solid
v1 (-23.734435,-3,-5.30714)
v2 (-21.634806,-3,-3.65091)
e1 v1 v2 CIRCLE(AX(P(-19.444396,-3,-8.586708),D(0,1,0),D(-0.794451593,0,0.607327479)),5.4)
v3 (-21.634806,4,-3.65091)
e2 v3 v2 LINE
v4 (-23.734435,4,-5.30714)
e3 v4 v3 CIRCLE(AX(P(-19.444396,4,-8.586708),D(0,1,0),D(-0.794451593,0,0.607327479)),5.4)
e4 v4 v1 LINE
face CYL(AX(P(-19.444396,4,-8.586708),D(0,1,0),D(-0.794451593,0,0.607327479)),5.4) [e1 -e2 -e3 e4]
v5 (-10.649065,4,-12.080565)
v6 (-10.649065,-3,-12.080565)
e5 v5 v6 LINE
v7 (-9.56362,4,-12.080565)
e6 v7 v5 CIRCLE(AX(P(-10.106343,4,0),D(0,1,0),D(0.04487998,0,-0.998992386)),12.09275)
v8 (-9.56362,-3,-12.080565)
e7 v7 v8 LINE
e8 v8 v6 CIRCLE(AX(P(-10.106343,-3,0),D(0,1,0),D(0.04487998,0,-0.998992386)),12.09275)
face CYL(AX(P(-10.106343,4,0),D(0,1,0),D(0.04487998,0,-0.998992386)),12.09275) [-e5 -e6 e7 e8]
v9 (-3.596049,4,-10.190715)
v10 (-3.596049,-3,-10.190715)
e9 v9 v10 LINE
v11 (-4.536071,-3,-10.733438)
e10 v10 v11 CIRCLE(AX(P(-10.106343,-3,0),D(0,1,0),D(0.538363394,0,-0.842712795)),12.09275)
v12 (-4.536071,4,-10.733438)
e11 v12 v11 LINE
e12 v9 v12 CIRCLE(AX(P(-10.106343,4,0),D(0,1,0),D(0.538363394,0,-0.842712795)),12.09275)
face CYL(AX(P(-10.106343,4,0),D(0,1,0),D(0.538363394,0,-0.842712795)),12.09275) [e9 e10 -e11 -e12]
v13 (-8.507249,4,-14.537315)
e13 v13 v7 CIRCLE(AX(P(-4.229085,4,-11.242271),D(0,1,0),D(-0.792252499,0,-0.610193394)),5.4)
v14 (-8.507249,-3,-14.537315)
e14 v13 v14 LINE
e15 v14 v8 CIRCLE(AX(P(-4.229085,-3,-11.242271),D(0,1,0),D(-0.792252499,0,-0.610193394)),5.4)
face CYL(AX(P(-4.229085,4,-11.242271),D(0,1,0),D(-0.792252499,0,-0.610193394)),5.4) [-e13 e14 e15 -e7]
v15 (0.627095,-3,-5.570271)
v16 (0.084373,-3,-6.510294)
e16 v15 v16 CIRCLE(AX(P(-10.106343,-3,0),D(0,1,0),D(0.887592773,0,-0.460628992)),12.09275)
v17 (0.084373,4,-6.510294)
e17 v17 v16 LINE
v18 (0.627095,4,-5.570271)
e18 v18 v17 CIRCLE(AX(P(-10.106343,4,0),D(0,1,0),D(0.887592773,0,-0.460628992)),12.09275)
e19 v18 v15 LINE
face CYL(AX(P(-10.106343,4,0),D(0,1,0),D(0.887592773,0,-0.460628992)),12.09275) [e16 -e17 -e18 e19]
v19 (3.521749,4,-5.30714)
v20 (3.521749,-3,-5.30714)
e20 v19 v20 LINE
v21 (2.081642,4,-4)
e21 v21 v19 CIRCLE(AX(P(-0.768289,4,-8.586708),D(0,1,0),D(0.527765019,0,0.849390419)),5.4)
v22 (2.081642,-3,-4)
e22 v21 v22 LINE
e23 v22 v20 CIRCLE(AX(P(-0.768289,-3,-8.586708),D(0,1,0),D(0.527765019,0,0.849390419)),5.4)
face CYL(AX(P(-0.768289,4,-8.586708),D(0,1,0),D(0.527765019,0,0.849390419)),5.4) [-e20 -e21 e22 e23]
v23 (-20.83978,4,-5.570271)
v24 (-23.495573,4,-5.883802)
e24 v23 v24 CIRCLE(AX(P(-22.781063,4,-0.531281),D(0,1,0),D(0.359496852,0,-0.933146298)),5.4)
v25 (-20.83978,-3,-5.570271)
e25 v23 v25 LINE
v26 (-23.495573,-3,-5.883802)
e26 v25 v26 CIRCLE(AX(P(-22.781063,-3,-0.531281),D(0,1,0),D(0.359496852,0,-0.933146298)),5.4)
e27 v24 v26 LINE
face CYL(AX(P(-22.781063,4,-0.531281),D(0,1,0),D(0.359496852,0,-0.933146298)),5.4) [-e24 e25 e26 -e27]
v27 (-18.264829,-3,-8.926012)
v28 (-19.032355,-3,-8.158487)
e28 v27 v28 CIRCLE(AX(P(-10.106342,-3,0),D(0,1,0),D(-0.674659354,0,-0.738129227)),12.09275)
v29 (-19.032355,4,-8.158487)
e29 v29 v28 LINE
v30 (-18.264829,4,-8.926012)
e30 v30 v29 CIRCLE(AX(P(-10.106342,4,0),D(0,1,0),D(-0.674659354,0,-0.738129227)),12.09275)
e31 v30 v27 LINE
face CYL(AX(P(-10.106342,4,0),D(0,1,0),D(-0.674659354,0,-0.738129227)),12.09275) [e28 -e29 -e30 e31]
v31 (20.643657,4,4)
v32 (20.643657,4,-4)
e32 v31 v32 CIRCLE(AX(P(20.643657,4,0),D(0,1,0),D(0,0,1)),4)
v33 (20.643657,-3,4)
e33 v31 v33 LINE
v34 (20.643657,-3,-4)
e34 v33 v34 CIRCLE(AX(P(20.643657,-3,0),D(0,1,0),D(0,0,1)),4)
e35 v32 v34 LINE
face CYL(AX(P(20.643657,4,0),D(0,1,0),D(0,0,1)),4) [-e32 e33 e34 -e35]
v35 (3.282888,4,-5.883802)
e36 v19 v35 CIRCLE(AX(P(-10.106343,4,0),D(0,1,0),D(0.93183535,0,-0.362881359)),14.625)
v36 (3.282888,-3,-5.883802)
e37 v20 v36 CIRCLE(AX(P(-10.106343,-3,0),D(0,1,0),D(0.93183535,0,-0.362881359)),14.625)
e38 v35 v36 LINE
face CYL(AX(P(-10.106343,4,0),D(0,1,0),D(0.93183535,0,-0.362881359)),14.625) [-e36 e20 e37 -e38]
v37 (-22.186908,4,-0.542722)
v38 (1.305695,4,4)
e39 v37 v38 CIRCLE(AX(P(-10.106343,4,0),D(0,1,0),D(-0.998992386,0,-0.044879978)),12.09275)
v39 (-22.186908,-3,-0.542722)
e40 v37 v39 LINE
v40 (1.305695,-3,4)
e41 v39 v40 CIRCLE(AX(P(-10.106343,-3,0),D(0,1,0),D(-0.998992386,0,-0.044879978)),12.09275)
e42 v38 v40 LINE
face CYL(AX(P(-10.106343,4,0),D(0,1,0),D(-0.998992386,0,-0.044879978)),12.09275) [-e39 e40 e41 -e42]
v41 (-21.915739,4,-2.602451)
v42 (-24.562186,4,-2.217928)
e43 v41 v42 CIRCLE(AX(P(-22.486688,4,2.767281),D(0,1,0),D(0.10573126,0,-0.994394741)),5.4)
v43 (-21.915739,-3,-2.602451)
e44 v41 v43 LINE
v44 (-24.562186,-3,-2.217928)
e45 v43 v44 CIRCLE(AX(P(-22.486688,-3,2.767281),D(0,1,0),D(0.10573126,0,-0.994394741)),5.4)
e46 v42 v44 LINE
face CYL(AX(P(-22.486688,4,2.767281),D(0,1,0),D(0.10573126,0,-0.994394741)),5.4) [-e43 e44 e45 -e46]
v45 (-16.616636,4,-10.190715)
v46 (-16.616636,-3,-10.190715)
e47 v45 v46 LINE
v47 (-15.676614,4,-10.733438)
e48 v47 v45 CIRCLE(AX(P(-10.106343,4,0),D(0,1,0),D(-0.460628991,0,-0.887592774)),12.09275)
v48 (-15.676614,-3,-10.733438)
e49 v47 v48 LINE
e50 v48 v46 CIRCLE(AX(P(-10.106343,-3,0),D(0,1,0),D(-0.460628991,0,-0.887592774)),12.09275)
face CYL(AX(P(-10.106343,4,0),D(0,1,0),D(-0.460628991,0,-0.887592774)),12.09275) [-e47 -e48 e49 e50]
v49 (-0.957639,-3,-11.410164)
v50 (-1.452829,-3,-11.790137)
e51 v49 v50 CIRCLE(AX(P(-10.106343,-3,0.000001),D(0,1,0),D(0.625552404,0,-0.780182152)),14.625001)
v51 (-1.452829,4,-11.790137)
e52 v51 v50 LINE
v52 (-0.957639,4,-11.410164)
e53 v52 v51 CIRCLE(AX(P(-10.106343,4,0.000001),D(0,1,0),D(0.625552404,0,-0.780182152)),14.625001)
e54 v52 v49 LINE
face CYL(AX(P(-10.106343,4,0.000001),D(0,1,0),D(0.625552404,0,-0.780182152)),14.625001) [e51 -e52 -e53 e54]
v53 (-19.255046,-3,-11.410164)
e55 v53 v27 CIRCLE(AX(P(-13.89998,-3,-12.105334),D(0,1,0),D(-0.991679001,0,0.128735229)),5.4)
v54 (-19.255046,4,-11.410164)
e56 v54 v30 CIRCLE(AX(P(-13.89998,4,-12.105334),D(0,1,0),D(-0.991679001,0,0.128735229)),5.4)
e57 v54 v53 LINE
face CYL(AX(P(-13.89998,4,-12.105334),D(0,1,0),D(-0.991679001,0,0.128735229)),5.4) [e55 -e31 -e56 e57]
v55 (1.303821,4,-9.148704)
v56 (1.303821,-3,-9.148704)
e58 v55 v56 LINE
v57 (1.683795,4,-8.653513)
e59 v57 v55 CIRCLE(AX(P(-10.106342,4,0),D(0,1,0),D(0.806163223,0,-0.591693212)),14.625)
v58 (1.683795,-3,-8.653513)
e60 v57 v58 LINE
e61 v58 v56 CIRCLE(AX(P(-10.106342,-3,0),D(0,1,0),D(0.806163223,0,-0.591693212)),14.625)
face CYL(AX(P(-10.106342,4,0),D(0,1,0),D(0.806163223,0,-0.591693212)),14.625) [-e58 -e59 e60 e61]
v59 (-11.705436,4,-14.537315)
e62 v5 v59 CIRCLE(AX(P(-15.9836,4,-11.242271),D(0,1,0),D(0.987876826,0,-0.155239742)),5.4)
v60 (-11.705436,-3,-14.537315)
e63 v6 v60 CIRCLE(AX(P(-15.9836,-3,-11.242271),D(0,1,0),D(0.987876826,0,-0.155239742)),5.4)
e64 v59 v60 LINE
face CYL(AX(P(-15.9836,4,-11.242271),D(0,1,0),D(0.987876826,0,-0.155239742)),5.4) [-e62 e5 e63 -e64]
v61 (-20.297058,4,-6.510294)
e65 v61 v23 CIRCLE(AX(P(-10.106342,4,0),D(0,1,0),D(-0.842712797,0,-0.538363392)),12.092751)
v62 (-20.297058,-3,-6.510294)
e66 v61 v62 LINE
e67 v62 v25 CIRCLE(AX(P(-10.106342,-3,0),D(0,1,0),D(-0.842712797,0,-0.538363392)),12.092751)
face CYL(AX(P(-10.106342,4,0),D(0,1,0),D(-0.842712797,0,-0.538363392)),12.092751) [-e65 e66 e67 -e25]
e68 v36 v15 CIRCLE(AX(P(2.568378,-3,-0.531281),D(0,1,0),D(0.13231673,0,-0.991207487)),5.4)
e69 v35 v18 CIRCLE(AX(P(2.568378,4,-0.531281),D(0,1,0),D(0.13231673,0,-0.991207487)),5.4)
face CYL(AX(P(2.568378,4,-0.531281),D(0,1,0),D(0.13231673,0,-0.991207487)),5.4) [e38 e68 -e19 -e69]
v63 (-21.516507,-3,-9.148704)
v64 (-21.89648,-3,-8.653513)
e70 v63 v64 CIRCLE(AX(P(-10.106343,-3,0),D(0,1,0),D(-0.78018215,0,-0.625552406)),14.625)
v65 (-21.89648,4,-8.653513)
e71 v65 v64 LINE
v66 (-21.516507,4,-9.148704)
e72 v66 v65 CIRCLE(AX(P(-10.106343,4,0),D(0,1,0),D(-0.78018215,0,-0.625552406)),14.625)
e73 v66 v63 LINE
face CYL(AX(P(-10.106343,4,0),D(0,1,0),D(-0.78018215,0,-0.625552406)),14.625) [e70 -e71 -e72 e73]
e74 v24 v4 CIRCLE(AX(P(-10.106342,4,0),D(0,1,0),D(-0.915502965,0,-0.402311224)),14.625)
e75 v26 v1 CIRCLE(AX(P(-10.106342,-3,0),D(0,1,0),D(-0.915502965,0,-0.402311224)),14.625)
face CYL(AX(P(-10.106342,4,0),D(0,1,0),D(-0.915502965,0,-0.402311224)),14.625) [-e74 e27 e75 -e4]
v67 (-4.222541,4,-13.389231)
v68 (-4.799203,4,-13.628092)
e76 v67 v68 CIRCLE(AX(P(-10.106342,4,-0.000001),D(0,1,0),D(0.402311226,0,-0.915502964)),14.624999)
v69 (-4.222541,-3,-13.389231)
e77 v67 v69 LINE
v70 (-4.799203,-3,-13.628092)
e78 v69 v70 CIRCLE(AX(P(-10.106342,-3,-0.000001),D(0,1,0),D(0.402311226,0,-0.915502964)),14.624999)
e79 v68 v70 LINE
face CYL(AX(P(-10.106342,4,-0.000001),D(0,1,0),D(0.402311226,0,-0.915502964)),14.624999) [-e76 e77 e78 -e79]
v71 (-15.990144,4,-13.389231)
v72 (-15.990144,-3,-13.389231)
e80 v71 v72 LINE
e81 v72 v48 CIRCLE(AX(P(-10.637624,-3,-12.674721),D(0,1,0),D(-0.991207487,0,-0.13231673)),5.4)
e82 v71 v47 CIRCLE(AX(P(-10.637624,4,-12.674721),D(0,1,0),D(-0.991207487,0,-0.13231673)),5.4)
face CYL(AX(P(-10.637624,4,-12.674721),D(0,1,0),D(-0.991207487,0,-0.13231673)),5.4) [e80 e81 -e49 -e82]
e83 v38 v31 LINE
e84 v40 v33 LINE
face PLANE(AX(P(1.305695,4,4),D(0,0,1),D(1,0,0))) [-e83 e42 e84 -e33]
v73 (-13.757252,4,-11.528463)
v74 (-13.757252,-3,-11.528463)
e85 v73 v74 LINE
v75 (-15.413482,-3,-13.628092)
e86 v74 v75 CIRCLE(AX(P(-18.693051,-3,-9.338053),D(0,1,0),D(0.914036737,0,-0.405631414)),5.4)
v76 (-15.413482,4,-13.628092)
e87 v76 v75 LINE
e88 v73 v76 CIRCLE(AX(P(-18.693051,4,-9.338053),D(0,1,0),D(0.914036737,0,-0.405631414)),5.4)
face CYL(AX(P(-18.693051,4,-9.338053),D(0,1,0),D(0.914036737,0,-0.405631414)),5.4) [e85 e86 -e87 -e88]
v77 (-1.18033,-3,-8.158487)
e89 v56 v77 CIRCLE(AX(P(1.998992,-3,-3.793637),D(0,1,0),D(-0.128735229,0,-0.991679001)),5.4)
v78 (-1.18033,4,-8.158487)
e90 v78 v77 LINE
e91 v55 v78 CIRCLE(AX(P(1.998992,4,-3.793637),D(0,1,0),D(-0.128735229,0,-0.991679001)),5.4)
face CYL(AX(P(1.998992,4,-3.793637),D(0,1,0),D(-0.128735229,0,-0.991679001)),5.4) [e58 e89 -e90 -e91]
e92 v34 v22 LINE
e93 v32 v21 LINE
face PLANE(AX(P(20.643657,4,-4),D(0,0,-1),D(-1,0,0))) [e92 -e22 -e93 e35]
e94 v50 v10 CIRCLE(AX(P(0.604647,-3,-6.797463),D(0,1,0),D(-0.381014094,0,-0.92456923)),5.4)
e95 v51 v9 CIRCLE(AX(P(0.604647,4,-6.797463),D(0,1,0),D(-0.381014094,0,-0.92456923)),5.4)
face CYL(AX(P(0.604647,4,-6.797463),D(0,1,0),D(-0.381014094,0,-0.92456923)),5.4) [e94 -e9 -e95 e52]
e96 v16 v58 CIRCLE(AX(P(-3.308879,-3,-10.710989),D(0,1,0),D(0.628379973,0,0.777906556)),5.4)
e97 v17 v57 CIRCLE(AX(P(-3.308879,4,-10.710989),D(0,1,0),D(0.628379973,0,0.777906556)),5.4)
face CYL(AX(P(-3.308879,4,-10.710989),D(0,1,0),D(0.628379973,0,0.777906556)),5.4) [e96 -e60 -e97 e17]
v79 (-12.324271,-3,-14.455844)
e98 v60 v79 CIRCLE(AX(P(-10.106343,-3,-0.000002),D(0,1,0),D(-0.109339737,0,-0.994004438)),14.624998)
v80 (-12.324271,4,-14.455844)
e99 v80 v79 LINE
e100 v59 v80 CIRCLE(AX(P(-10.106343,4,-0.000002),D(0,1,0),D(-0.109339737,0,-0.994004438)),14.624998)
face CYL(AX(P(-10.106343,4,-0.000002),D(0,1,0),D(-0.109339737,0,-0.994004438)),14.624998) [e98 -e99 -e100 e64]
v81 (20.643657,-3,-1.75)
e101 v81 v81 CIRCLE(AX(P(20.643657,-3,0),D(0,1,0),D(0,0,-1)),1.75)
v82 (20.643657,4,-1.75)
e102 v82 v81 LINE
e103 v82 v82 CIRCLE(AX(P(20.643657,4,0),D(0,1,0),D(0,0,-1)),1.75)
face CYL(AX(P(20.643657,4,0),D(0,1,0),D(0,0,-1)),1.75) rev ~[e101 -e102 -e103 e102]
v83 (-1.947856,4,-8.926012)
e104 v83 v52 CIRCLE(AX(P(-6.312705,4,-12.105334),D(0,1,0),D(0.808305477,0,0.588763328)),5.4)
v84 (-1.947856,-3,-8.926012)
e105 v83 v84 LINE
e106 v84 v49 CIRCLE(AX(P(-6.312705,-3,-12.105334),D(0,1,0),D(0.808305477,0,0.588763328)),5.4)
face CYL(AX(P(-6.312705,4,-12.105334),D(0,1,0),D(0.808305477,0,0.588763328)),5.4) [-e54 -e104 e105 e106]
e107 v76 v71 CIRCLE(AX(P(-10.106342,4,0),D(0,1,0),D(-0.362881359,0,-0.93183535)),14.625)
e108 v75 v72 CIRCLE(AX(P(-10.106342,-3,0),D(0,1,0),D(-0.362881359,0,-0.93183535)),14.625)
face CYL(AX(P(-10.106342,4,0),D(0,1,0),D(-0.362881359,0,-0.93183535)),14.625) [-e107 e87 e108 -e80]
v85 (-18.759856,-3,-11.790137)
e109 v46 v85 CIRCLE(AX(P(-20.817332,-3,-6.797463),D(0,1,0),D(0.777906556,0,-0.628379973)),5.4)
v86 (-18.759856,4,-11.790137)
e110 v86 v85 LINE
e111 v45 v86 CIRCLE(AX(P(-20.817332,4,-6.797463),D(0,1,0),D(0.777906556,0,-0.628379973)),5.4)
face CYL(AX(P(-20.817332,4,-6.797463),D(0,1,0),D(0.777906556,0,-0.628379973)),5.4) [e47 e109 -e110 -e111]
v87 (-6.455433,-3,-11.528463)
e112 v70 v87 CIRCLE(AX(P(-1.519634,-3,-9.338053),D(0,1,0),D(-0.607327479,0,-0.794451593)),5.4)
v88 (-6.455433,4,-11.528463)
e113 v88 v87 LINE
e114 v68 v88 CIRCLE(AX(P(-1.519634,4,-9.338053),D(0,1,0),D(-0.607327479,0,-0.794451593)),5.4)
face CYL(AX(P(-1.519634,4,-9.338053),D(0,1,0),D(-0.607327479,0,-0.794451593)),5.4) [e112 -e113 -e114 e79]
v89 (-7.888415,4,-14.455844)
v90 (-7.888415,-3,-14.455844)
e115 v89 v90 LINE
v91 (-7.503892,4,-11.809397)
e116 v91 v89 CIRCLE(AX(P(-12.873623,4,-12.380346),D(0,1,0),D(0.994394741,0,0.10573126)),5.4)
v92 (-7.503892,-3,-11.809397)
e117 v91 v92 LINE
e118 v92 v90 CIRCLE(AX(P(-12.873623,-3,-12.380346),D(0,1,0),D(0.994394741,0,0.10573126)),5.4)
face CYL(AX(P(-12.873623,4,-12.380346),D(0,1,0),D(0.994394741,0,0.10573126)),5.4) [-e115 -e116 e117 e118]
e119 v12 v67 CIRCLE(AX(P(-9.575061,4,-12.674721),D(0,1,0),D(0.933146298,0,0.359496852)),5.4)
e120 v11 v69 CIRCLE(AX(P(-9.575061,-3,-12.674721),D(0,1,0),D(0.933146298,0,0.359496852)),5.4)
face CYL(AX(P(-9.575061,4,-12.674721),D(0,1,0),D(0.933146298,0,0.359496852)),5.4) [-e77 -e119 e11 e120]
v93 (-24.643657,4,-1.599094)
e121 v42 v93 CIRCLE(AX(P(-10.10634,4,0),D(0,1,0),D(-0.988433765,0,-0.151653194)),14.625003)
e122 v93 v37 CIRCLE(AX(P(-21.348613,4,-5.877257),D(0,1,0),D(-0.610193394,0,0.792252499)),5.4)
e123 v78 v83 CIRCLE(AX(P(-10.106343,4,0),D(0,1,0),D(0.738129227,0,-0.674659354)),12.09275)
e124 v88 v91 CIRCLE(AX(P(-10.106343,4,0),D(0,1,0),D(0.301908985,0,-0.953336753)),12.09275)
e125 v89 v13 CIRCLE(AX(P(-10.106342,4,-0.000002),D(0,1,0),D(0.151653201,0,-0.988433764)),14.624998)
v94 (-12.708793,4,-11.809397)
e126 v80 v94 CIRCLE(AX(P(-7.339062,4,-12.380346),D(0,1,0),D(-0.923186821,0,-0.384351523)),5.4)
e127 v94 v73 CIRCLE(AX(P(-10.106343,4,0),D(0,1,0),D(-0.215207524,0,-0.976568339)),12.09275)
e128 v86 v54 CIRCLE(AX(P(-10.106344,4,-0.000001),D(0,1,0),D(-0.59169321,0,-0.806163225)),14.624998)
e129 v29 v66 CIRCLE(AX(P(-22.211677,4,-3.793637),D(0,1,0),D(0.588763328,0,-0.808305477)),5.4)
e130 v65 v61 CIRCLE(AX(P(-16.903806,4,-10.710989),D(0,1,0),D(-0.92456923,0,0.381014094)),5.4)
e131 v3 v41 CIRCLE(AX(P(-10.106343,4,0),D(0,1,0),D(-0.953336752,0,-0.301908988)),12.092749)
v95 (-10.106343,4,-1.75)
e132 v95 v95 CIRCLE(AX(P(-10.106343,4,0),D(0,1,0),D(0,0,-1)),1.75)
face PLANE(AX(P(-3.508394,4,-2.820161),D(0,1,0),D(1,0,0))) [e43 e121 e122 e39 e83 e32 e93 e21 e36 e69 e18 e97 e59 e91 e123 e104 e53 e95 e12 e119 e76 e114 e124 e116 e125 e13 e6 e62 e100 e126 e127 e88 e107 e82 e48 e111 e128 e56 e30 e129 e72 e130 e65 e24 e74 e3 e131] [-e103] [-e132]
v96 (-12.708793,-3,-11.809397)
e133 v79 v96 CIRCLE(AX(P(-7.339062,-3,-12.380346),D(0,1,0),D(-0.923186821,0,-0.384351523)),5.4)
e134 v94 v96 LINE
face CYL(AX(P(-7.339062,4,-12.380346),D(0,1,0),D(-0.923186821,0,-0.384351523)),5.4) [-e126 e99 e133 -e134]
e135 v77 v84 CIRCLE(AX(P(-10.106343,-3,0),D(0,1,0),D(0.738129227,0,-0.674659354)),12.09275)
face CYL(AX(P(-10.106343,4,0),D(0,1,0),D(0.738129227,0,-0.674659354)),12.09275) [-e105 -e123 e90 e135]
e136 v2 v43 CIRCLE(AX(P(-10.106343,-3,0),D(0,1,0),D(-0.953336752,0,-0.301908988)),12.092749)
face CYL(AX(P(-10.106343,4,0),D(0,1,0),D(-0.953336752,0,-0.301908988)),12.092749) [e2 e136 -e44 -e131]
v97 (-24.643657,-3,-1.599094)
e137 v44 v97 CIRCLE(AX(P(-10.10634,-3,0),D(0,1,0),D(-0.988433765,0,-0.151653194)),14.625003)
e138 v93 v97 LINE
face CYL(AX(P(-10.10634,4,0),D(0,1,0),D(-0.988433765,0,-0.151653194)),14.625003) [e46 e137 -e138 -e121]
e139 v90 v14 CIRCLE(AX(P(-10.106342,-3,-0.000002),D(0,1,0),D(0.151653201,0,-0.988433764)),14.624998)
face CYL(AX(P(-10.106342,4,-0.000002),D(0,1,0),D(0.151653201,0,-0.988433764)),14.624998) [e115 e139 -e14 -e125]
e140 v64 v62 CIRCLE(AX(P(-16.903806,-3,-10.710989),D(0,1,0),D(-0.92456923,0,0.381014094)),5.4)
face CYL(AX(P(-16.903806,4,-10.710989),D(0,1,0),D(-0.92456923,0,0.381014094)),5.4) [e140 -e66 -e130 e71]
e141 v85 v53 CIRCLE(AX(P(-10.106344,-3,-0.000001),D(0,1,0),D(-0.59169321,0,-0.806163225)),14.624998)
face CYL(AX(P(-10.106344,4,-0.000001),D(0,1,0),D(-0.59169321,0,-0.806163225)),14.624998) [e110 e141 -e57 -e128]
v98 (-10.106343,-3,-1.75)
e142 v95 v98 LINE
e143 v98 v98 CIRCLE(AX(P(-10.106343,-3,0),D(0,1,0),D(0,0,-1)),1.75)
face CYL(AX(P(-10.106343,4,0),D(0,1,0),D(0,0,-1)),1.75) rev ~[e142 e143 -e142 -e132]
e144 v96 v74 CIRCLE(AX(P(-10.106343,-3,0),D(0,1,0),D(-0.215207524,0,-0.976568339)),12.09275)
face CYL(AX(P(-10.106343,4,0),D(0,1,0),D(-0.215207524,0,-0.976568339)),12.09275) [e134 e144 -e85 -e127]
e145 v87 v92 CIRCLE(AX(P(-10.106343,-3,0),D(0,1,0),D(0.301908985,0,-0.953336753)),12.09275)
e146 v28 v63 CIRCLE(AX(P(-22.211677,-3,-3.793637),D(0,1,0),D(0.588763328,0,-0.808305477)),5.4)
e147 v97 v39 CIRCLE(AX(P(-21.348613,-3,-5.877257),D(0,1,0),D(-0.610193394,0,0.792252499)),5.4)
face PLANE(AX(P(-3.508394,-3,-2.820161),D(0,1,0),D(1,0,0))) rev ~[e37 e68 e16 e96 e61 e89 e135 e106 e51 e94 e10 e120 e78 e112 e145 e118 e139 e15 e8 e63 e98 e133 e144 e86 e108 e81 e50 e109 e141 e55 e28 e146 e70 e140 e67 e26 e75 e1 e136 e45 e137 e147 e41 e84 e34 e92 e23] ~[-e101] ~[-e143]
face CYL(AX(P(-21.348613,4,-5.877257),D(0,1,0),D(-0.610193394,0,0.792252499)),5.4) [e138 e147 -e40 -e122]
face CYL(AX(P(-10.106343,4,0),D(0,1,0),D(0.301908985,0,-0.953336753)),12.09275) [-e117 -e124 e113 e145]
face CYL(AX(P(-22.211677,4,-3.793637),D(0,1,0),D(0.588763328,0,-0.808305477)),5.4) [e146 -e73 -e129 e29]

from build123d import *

# Parameters (mm, degrees)
SKETCH1_R           = 1.75
BOSS_EXTRUDE1_DEPTH = 7


with BuildPart() as part:
    # Sketch1 → Boss-Extrude1 (new body)
    with BuildSketch(Plane(origin=(0, 4, 0), x_dir=(1, 0, 0), z_dir=(0, 1, 0))):
        with BuildLine():
            Line((1.305695063, -4), (20.643657446, -4))
            ThreePointArc((20.643657446, -4), (24.643657446, 0), (20.643657446, 4))
            Line((20.643657446, 4), (2.081641936, 4))
            ThreePointArc((2.081641936, 4), (2.861028333, 4.588201733), (3.521749436, 5.30713988))
            ThreePointArc((3.521749436, 5.30713988), (3.405395609, 5.596745198), (3.282888305, 5.883801663))
            ThreePointArc((3.282888305, 5.883801663), (1.93527598, 5.894040025), (0.627094961, 5.57027124))
            ThreePointArc((0.627094961, 5.57027124), (0.366286148, 6.046375), (0.084372603, 6.510293938))
            ThreePointArc((0.084372603, 6.510293938), (1.018855105, 7.48132754), (1.683794586, 8.65351323))
            ThreePointArc((1.683794586, 8.65351323), (1.496450048, 8.903135899), (1.303821399, 9.148703928))
            ThreePointArc((1.303821399, 9.148703928), (-0.000522033, 8.809805691), (-1.180330337, 8.158486898))
            ThreePointArc((-1.180330337, 8.158486898), (-1.555477026, 8.550865528), (-1.947855656, 8.926012217))
            ThreePointArc((-1.947855656, 8.926012217), (-1.296536862, 10.105820521), (-0.957638625, 11.410163953))
            ThreePointArc((-0.957638625, 11.410163953), (-1.203206655, 11.602792602), (-1.452829324, 11.79013714))
            ThreePointArc((-1.452829324, 11.79013714), (-2.625015014, 11.125197659), (-3.596048616, 10.190715157))
            ThreePointArc((-3.596048616, 10.190715157), (-4.059967554, 10.472628702), (-4.536071314, 10.733437515))
            ThreePointArc((-4.536071314, 10.733437515), (-4.212302529, 12.041618533), (-4.222540891, 13.389230859))
            ThreePointArc((-4.222540891, 13.389230859), (-4.509597355, 13.511738163), (-4.799202674, 13.62809199))
            ThreePointArc((-4.799202674, 13.62809199), (-5.759348103, 12.682425791), (-6.455432668, 11.528463019))
            ThreePointArc((-6.455432668, 11.528463019), (-6.976508546, 11.680699536), (-7.503891752, 11.809396783))
            ThreePointArc((-7.503891752, 11.809396783), (-7.529737283, 13.156800143), (-7.888414517, 14.455843809))
            ThreePointArc((-7.888414517, 14.455843809), (-8.197396993, 14.499881098), (-8.507248835, 14.537314892))
            ThreePointArc((-8.507248835, 14.537314892), (-9.18992168, 13.375367565), (-9.563620196, 12.080565177))
            ThreePointArc((-9.563620196, 12.080565177), (-10.106342554, 12.09275), (-10.649064912, 12.080565177))
            ThreePointArc((-10.649064912, 12.080565177), (-11.022763428, 13.375367565), (-11.705436272, 14.537314892))
            ThreePointArc((-11.705436272, 14.537314892), (-12.015288115, 14.499881098), (-12.324270591, 14.455843809))
            ThreePointArc((-12.324270591, 14.455843809), (-12.682947825, 13.156800143), (-12.708793355, 11.809396783))
            ThreePointArc((-12.708793355, 11.809396783), (-13.236176561, 11.680699536), (-13.757252439, 11.528463019))
            ThreePointArc((-13.757252439, 11.528463019), (-14.453337005, 12.682425791), (-15.413482434, 13.62809199))
            ThreePointArc((-15.413482434, 13.62809199), (-15.703087752, 13.511738163), (-15.990144217, 13.389230859))
            ThreePointArc((-15.990144217, 13.389230859), (-16.000382579, 12.041618533), (-15.676613793, 10.733437515))
            ThreePointArc((-15.676613793, 10.733437515), (-16.152717554, 10.472628702), (-16.616636492, 10.190715157))
            ThreePointArc((-16.616636492, 10.190715157), (-17.587670094, 11.125197659), (-18.759855783, 11.79013714))
            ThreePointArc((-18.759855783, 11.79013714), (-19.009478453, 11.602792602), (-19.255046482, 11.410163953))
            ThreePointArc((-19.255046482, 11.410163953), (-18.916148245, 10.105820521), (-18.264829452, 8.926012217))
            ThreePointArc((-18.264829452, 8.926012217), (-18.657208082, 8.550865528), (-19.032354771, 8.158486898))
            ThreePointArc((-19.032354771, 8.158486898), (-20.212163074, 8.809805691), (-21.516506507, 9.148703928))
            ThreePointArc((-21.516506507, 9.148703928), (-21.709135156, 8.903135899), (-21.896479694, 8.65351323))
            ThreePointArc((-21.896479694, 8.65351323), (-21.231540213, 7.48132754), (-20.297057711, 6.510293938))
            ThreePointArc((-20.297057711, 6.510293938), (-20.578971255, 6.046375), (-20.839780068, 5.57027124))
            ThreePointArc((-20.839780068, 5.57027124), (-22.147961087, 5.894040025), (-23.495573413, 5.883801663))
            ThreePointArc((-23.495573413, 5.883801663), (-23.618080717, 5.596745198), (-23.734434544, 5.30713988))
            ThreePointArc((-23.734434544, 5.30713988), (-22.788768345, 4.346994451), (-21.634805572, 3.650909885))
            ThreePointArc((-21.634805572, 3.650909885), (-21.78704209, 3.129834008), (-21.915739337, 2.602450802))
            ThreePointArc((-21.915739337, 2.602450802), (-23.263142697, 2.576605271), (-24.562186363, 2.217928037))
            ThreePointArc((-24.562186363, 2.217928037), (-24.606223651, 1.908945561), (-24.643657446, 1.599093719))
            ThreePointArc((-24.643657446, 1.599093719), (-23.481710119, 0.916420874), (-22.186907731, 0.542722358))
            ThreePointArc((-22.186907731, 0.542722358), (-12.402167869, -11.872817218), (1.305695063, -4))
        make_face()
        with Locations(Location((20.643657446, 0, 0), (0, 0, 90))):
            Circle(SKETCH1_R, mode=Mode.SUBTRACT)
        with Locations(Location((-10.106342554, 0, 0), (0, 0, 90))):
            Circle(SKETCH1_R, mode=Mode.SUBTRACT)
    extrude(amount=-BOSS_EXTRUDE1_DEPTH)


solid = part.part
